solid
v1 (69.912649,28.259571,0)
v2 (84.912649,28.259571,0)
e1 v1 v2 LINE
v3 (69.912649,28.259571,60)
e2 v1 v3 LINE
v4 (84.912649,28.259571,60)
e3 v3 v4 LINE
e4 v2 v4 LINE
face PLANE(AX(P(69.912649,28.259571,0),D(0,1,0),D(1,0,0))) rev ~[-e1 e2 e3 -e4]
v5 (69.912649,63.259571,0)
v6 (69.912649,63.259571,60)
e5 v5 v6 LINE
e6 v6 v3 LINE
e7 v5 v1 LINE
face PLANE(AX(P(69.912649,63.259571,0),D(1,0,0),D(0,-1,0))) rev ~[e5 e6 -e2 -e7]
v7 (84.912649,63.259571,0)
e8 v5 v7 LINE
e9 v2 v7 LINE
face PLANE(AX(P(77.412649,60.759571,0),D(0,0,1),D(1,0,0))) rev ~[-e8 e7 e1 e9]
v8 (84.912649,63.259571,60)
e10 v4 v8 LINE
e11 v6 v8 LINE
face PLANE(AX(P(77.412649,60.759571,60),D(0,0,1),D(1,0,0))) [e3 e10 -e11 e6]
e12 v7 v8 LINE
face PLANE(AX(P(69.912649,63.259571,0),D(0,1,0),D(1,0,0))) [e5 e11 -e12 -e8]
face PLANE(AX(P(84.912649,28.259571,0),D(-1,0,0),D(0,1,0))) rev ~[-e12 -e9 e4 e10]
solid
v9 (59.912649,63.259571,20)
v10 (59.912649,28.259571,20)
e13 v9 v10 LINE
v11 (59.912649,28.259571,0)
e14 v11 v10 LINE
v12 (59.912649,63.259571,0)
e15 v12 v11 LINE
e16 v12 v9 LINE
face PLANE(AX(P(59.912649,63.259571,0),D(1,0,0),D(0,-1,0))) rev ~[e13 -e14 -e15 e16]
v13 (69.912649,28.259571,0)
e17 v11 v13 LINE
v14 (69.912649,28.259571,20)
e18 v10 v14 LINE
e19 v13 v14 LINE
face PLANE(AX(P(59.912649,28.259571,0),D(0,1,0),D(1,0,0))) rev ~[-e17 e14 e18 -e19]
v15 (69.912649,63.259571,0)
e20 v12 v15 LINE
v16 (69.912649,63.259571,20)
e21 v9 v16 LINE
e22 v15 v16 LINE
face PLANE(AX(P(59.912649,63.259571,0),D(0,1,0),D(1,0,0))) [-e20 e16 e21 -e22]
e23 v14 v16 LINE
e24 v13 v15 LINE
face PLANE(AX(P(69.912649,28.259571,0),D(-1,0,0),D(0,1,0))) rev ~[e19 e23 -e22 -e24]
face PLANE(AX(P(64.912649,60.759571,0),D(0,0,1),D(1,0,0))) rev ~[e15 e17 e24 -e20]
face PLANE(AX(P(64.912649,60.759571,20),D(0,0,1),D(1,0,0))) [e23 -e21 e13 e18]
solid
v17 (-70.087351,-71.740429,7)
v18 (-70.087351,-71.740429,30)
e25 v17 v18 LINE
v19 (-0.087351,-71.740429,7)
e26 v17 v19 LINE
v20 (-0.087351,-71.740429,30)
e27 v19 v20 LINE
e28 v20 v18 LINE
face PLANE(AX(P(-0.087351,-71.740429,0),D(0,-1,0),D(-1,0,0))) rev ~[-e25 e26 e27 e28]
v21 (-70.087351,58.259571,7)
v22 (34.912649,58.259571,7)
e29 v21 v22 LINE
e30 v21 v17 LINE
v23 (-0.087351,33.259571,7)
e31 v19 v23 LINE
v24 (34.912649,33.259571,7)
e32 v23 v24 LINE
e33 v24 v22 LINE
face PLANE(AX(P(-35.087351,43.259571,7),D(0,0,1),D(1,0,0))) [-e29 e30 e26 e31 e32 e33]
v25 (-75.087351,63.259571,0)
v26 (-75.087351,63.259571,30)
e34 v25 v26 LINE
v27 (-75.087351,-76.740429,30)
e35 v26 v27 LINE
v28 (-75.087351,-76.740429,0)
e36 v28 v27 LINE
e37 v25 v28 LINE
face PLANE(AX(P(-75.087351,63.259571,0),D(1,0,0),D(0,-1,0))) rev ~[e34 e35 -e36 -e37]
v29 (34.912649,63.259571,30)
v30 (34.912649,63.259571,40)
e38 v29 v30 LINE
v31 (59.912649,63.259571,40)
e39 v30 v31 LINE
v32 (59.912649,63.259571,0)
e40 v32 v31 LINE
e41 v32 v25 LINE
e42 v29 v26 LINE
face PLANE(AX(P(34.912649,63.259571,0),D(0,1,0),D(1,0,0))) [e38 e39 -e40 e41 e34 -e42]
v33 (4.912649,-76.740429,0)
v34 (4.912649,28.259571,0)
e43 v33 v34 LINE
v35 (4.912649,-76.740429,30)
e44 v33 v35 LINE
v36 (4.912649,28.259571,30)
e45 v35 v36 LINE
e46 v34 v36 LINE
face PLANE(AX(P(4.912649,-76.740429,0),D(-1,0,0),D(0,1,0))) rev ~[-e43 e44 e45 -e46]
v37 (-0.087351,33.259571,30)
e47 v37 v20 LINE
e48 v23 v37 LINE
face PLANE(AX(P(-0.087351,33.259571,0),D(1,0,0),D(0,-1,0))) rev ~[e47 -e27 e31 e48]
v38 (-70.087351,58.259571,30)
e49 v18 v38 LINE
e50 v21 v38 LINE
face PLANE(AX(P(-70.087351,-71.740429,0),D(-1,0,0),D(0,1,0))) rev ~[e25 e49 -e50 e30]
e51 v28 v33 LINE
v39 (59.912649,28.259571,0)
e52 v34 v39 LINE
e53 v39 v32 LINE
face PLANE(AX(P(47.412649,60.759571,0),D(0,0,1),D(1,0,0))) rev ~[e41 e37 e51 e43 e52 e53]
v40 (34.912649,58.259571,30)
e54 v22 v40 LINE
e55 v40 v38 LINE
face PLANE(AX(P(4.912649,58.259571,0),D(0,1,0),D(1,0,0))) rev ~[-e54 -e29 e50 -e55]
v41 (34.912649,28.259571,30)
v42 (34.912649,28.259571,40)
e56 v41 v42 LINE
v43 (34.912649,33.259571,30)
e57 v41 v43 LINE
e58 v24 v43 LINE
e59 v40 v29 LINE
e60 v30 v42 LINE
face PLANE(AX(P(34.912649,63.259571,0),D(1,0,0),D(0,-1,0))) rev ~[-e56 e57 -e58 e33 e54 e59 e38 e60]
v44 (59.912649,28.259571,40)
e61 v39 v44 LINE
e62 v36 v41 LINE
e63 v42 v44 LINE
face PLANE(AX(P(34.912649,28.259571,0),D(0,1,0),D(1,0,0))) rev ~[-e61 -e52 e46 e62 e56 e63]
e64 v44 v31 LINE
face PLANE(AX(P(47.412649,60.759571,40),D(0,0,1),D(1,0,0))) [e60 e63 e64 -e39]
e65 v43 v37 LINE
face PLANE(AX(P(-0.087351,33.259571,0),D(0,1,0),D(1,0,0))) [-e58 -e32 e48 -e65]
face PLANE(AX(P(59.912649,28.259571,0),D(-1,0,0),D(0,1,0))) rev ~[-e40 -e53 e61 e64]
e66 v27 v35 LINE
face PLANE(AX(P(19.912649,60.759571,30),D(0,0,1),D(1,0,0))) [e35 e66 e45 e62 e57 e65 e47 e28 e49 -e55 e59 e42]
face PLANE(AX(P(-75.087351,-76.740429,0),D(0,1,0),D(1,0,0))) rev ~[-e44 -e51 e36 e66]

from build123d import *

# Parameters (mm, degrees)
F0_W     = 5
F0_H     = 5
F0_H_2   = 30
F0_W_2   = 70
F1_DEPTH = 30
F0_H_3   = 100
F0_H_4   = 25
F0_W_3   = 30
F2_DEPTH = 7
F3_DEPTH = 30
F0_W_4   = 25
F4_DEPTH = 40
F0_W_5   = 15
F5_DEPTH = 60
F0_W_6   = 10
F6_DEPTH = 20


with BuildPart() as f1:
    # F0 (on Top) → F1 (new body)
    with BuildSketch(Plane.XY):
        with Locations((-72.5873509794, 60.7595711946)):
            Rectangle(F0_W, F0_H)
        with Locations((-72.5873509794, 43.2595711946)):
            Rectangle(F0_W, F0_H_2)
        Polygon((-70.0873509794, 28.2595711946), (-75.0873509794, 28.2595711946), (-75.0873509794, -76.7404288054), (4.9126490206, -76.7404288054), (4.9126490206, 28.2595711946), (-0.0873509794, 28.2595711946), (-0.0873509794, -71.7404288054), (-70.0873509794, -71.7404288054), align=None)
        with Locations((-35.0873509794, 60.7595711946)):
            Rectangle(F0_W_2, F0_H)
        with Locations((2.4126490206, 30.7595711946)):
            Rectangle(F0_W, F0_H)
        with Locations((2.4126490206, 60.7595711946)):
            Rectangle(F0_W, F0_H)
    extrude(amount=F1_DEPTH)

    # F0 (on Top) → F2 (join)
    with BuildSketch(Plane.XY):
        Polygon((-0.0873509794, 58.2595711946), (-70.0873509794, 58.2595711946), (-70.0873509794, 28.2595711946), (-0.0873509794, 28.2595711946), (-0.0873509794, 33.2595711946), align=None)
        with Locations((-35.0873509794, -21.7404288054)):
            Rectangle(F0_W_2, F0_H_3)
        with Locations((2.4126490206, 45.7595711946)):
            Rectangle(F0_W, F0_H_4)
        with Locations((19.9126490206, 45.7595711946)):
            Rectangle(F0_W_3, F0_H_4)
    extrude(amount=F2_DEPTH)

    # F0 (on Top) → F3 (join)
    with BuildSketch(Plane.XY):
        with Locations((19.9126490206, 60.7595711946)):
            Rectangle(F0_W_3, F0_H)
        with Locations((19.9126490206, 30.7595711946)):
            Rectangle(F0_W_3, F0_H)
    extrude(amount=F3_DEPTH)

    # F0 (on Top) → F4 (join)
    with BuildSketch(Plane.XY):
        with Locations((47.4126490206, 60.7595711946)):
            Rectangle(F0_W_4, F0_H)
        with Locations((47.4126490206, 45.7595711946)):
            Rectangle(F0_W_4, F0_H_4)
        with Locations((47.4126490206, 30.7595711946)):
            Rectangle(F0_W_4, F0_H)
    extrude(amount=F4_DEPTH)


with BuildPart() as f5:
    # F0 (on Top) → F5 (new body)
    with BuildSketch(Plane.XY):
        with Locations((77.4126490206, 60.7595711946)):
            Rectangle(F0_W_5, F0_H)
        with Locations((77.4126490206, 45.7595711946)):
            Rectangle(F0_W_5, F0_H_4)
        with Locations((77.4126490206, 30.7595711946)):
            Rectangle(F0_W_5, F0_H)
    extrude(amount=F5_DEPTH)


with BuildPart() as f6:
    # F0 (on Top) → F6 (new body)
    with BuildSketch(Plane.XY):
        with Locations((64.9126490206, 60.7595711946)):
            Rectangle(F0_W_6, F0_H)
        with Locations((64.9126490206, 45.7595711946)):
            Rectangle(F0_W_6, F0_H_4)
        with Locations((64.9126490206, 30.7595711946)):
            Rectangle(F0_W_6, F0_H)
    extrude(amount=F6_DEPTH)


solid = Compound([f1.part, f5.part, f6.part])
